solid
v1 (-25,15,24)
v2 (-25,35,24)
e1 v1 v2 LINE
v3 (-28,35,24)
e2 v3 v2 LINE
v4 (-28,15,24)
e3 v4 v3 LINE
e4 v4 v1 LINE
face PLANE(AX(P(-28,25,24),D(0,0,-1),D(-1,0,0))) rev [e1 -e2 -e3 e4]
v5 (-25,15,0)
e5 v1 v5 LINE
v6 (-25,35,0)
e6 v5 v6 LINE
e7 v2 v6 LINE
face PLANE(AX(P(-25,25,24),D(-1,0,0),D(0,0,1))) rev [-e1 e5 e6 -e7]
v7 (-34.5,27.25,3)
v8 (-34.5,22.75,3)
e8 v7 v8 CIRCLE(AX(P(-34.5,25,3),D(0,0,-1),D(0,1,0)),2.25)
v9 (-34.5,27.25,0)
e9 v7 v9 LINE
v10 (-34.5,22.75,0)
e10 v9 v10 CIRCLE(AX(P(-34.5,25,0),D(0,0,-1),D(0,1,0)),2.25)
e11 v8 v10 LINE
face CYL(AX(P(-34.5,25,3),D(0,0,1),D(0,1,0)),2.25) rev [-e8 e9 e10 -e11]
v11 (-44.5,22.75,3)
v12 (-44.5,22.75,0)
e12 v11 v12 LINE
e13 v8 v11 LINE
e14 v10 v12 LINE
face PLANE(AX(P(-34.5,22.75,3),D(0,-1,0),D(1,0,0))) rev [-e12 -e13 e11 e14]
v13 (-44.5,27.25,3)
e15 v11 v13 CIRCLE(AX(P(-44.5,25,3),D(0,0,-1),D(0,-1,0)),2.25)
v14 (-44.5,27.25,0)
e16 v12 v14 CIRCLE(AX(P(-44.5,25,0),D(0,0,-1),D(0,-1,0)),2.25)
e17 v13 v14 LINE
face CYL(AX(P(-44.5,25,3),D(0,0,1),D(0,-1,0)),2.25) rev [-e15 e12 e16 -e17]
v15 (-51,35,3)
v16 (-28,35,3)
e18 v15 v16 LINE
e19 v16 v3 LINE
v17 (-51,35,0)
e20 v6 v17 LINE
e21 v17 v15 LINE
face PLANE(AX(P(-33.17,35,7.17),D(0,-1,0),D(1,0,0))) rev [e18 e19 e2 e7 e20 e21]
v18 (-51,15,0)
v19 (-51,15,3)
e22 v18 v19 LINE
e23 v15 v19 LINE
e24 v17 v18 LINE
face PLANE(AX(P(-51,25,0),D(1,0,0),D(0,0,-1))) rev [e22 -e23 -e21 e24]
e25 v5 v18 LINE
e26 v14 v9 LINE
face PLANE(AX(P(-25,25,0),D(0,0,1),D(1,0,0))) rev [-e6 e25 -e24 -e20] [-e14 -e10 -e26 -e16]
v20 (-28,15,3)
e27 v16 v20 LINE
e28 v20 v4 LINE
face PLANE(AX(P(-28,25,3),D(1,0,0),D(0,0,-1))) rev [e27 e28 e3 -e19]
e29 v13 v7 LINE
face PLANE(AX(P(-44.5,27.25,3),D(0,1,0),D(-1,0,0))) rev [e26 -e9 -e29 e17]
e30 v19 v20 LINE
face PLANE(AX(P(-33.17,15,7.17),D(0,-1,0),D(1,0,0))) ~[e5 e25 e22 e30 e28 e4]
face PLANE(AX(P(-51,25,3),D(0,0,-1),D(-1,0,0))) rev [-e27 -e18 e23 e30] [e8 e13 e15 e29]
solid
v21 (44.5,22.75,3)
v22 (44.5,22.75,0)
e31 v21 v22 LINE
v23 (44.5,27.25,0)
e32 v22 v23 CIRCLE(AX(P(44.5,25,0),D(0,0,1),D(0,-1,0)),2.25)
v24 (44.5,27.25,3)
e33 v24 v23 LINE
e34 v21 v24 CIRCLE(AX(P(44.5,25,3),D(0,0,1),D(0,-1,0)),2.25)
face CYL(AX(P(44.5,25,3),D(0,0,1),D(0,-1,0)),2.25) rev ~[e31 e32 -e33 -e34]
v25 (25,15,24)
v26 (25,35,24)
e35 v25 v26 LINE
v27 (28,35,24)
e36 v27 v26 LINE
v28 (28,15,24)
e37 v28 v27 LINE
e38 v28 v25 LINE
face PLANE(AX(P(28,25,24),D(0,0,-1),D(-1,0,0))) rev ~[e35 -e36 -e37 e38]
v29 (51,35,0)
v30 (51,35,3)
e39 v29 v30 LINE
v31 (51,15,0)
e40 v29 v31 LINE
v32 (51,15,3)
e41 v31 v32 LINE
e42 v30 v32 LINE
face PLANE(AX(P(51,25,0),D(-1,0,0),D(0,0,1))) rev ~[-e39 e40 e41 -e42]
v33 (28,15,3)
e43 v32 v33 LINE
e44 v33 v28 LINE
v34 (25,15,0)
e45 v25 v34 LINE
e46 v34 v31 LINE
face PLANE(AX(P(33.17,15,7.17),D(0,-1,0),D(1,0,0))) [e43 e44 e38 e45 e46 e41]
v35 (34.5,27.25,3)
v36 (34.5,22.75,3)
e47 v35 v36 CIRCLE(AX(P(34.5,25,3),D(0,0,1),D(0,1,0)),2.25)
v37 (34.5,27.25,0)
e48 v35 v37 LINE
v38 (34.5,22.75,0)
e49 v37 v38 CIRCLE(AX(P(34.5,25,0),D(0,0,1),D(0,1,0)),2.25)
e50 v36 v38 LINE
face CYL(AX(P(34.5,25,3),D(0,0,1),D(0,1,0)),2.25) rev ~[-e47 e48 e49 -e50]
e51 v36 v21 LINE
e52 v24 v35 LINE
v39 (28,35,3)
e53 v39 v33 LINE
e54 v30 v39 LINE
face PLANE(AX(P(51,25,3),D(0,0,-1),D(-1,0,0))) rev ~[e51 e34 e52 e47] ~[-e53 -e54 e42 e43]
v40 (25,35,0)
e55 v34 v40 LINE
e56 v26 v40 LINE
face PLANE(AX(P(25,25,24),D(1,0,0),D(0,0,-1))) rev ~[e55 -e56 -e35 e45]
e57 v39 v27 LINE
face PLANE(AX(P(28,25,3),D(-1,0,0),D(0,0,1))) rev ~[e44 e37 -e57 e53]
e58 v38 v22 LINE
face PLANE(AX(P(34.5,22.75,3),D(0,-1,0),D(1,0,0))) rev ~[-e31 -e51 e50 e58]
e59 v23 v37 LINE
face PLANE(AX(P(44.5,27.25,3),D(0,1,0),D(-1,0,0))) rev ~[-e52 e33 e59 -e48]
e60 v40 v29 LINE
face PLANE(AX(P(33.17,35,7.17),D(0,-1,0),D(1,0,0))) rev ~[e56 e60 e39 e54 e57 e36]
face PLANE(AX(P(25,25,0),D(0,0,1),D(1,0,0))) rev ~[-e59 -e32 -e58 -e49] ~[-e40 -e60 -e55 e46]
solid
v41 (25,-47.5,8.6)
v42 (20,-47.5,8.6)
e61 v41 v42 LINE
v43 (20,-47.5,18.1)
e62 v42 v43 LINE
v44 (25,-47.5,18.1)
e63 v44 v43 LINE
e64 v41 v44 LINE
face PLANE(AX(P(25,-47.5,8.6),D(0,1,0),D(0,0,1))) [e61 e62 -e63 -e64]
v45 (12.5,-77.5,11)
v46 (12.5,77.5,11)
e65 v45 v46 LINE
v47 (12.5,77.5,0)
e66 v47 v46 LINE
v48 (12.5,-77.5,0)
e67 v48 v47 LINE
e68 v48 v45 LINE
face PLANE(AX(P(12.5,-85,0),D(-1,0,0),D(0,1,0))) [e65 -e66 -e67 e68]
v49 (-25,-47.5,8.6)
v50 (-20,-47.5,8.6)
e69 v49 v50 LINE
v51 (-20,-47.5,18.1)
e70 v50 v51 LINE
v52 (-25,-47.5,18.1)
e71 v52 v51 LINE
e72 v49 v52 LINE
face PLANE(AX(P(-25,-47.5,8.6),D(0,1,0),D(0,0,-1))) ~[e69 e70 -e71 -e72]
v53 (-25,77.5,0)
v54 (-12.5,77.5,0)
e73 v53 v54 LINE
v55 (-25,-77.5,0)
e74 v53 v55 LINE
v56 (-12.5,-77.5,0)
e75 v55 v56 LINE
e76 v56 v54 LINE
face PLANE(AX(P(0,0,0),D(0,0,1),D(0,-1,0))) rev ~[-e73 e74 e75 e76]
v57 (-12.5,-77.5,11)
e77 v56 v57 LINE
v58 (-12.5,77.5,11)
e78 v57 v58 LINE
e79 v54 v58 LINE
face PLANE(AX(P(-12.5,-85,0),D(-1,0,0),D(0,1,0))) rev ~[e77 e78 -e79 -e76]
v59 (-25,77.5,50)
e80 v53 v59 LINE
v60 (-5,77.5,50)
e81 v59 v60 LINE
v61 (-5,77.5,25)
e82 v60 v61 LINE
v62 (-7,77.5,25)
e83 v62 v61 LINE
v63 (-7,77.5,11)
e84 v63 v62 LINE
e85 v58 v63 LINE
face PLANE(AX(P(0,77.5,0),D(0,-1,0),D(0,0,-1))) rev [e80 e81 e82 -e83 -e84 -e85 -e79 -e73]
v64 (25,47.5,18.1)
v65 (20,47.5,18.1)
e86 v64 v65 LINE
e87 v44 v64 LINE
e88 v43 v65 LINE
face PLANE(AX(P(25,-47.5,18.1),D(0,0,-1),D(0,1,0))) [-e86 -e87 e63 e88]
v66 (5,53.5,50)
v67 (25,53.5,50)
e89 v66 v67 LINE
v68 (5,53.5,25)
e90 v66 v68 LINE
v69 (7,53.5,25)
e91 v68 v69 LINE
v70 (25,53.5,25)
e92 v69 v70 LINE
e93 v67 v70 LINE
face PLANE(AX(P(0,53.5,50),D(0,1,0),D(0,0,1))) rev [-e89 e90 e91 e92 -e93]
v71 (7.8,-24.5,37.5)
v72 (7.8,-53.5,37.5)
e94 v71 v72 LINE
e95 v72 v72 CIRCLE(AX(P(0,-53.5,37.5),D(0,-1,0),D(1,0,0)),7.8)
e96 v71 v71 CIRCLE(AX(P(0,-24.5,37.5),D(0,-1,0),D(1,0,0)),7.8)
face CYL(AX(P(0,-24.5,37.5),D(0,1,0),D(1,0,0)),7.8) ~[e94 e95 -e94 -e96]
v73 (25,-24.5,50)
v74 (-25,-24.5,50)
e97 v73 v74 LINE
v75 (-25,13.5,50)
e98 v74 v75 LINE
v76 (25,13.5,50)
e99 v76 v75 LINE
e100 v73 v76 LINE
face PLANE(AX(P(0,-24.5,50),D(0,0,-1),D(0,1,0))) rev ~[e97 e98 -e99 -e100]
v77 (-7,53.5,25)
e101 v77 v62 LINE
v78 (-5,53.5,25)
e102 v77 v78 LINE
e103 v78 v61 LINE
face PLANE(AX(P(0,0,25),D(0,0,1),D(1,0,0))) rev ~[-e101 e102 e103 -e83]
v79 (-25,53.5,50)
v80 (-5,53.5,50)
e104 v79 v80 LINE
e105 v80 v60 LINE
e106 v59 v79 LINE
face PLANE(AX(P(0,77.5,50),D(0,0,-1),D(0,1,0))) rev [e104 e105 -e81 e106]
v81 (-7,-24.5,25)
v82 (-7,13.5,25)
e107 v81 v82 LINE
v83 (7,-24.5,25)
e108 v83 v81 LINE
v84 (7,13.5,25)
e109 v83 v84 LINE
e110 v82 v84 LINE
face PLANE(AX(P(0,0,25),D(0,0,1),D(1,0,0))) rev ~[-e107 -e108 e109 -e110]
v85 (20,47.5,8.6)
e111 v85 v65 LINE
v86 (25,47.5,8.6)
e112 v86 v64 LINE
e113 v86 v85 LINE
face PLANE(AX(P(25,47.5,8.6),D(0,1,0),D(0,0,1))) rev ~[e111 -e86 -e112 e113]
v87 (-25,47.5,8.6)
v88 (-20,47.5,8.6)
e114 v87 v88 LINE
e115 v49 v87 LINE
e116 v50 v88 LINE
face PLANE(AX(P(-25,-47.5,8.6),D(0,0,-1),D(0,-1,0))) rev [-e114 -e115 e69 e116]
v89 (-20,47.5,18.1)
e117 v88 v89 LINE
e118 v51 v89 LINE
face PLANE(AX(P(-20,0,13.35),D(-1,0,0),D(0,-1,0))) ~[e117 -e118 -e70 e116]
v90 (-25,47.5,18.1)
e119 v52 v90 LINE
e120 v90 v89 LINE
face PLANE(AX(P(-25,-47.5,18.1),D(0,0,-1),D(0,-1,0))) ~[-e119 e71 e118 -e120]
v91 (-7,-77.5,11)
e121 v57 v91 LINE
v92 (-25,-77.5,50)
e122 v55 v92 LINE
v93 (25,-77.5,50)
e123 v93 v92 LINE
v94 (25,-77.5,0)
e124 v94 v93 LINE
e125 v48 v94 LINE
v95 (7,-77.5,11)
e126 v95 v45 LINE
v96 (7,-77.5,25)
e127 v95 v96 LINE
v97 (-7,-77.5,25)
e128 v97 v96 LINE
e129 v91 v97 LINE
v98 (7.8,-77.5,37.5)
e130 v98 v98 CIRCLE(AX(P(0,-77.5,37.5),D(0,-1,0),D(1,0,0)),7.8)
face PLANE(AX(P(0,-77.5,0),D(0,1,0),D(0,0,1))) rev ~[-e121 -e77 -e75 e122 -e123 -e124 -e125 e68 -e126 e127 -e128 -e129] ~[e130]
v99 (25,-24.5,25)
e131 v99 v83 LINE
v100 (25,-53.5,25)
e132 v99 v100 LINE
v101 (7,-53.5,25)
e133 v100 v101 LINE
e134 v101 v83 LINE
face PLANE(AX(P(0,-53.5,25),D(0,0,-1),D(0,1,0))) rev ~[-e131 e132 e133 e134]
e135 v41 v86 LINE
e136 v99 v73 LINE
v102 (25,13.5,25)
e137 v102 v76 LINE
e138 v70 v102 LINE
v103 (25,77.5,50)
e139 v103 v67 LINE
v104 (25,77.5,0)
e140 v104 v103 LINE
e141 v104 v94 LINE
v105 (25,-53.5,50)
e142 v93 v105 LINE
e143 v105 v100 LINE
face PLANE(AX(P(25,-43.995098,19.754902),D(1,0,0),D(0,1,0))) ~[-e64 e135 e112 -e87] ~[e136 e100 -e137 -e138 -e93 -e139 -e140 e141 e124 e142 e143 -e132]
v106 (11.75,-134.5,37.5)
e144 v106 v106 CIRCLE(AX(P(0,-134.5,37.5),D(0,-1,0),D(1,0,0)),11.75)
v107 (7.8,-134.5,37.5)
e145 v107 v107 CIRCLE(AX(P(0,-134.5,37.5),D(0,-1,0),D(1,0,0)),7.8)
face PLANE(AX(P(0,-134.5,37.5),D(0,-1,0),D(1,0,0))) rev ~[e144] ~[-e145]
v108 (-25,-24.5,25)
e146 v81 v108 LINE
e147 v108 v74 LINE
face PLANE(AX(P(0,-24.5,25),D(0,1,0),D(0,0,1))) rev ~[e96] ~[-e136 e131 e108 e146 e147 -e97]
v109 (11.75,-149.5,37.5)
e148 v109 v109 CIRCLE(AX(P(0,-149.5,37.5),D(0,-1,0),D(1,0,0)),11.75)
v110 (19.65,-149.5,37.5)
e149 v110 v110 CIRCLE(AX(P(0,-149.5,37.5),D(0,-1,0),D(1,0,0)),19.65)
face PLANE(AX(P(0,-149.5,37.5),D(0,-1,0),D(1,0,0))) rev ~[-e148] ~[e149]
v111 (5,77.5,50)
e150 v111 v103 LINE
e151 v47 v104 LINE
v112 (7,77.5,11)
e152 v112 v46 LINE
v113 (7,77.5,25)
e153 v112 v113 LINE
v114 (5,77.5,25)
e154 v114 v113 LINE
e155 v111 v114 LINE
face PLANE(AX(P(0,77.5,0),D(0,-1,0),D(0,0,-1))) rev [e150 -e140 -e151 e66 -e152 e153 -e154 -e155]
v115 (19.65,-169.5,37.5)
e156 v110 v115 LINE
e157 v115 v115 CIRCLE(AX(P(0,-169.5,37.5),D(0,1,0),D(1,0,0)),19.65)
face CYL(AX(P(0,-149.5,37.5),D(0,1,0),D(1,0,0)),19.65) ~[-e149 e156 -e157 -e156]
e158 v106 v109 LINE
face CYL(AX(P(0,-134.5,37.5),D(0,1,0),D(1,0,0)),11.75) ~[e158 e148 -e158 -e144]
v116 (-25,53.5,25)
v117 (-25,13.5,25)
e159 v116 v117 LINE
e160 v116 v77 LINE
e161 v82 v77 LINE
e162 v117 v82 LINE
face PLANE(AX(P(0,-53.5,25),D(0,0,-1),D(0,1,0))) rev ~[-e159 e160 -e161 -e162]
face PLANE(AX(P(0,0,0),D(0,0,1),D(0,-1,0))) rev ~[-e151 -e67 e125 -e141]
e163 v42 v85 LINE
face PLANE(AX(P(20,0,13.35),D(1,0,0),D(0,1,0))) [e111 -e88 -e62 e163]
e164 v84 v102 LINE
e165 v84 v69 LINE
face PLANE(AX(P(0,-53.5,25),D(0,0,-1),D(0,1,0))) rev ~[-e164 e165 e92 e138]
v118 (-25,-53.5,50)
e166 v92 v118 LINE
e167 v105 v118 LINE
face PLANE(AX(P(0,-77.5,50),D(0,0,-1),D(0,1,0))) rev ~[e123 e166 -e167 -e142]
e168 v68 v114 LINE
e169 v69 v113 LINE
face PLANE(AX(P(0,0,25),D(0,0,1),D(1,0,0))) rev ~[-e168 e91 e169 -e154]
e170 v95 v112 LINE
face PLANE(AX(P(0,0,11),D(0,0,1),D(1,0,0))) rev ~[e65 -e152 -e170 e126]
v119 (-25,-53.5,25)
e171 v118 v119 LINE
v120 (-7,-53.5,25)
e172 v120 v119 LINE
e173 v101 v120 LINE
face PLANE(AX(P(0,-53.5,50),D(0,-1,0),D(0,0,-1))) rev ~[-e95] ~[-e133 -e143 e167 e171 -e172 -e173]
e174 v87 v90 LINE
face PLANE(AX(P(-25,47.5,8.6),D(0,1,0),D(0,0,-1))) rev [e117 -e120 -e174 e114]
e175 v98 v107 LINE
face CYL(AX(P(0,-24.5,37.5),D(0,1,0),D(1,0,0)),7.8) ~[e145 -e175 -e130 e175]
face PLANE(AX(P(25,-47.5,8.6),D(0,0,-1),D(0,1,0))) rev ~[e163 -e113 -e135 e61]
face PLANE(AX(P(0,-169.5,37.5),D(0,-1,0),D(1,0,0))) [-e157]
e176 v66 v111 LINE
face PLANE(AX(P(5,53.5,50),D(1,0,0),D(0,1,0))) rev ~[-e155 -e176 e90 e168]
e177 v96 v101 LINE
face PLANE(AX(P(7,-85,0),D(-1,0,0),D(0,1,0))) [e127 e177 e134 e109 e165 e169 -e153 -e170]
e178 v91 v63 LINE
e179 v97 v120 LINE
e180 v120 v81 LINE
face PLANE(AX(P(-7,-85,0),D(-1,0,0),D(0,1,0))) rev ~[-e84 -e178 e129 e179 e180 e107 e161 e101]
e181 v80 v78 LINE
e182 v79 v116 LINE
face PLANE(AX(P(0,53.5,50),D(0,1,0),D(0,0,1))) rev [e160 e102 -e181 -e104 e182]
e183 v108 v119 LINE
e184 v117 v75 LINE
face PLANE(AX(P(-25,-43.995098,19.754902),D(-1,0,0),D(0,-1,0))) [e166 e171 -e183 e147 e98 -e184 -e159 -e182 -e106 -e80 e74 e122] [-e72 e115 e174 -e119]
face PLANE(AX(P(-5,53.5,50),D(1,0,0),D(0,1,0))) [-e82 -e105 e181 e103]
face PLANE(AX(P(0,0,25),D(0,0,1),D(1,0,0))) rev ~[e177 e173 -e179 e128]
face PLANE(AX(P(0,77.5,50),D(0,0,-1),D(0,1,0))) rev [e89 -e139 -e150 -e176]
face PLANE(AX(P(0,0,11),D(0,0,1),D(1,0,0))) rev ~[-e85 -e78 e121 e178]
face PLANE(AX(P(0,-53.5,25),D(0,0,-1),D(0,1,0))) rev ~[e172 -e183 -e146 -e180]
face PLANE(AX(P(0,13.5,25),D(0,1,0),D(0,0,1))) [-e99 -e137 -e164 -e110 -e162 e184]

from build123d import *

# Parameters (mm, degrees)
F1_DEPTH       = 25
F3_W           = 38
F3_H           = 25
F4_DEPTH       = 25
F4_DEPTH_BACK  = 25
F5_R           = 7.8
F6_DEPTH       = 110
F7_R           = 11.75
F8_DEPTH       = 15
F9_R           = 19.65
F10_DEPTH      = 20
F11_W          = 95
F11_H          = 9.5
F12_DEPTH      = 5
F14_W          = 14
F14_H          = 170
F15_DEPTH      = 25
F16_W          = 25
F16_H          = 170
F17_DEPTH      = 11
F18_W          = 10
F18_H          = 24
F19_DEPTH      = 26
F23_DEPTH      = 10
F23_DEPTH_BACK = 10
F25_DEPTH      = 3


with BuildPart() as f1:
    # F0 (on Right) → F1 (new body)
    with BuildSketch(Plane.YZ):
        Polygon((0, 25), (0, 0), (77.5, 0), (77.5, 50), (53.5, 50), (53.5, 25), align=None)
    extrude(amount=F1_DEPTH)

    # F2: F1 across plane


with BuildPart() as f1_1:
    add(f1.part)
    add(f1.part.mirror(Plane.XZ))

    # F3 (on Right) → F4 (join, two sides)
    with BuildSketch(Plane.YZ) as f4_sk:
        with Locations((-5.5, 37.5)):
            Rectangle(F3_W, F3_H)
    extrude(amount=F4_DEPTH)
    extrude(f4_sk.sketch, amount=-F4_DEPTH_BACK)

    # F5 (on face) → F6 (join)
    with BuildSketch(Plane.XZ.offset(24.5)):
        with Locations((0, 37.5)):
            Circle(F5_R)
    extrude(amount=F6_DEPTH)

    # F7 (on face) → F8 (join)
    with BuildSketch(Plane.XZ.offset(134.5)):
        with Locations((0, 37.5)):
            Circle(F7_R)
    extrude(amount=F8_DEPTH)

    # F9 (on face) → F10 (join)
    with BuildSketch(Plane.XZ.offset(149.5)):
        with Locations((0, 37.5)):
            Circle(F9_R)
    extrude(amount=F10_DEPTH)

    # F11 (on face) → F12 (cut)
    with BuildSketch(Plane.YZ.offset(25)):
        with Locations((0, 13.35)):
            Rectangle(F11_W, F11_H)
    extrude(amount=-F12_DEPTH, mode=Mode.SUBTRACT)

    # F13: F1 across plane


with BuildPart() as f1_2:
    add(f1_1.part)
    add(f1_1.part.mirror(Plane.YZ))

    # F14 (on Top) → F15 (cut, through all)
    with BuildSketch(Plane.XY):
        Rectangle(F14_W, F14_H)
    extrude(amount=F15_DEPTH, mode=Mode.SUBTRACT)

    # F16 (on Top) → F17 (cut)
    with BuildSketch(Plane.XY):
        Rectangle(F16_W, F16_H)
    extrude(amount=F17_DEPTH, mode=Mode.SUBTRACT)

    # F18 (on face) → F19 (cut)
    with BuildSketch(Plane.XY.offset(50)):
        with Locations((0, 65.5)):
            Rectangle(F18_W, F18_H)
    extrude(amount=-F19_DEPTH, mode=Mode.SUBTRACT)


with BuildPart() as f23:
    # F22 (on offset) → F23 (new body, two sides)
    with BuildSketch(Plane.XZ.offset(-25)) as f23_sk:
        Polygon((25, 0), (51, 0), (51, 3), (28, 3), (28, 24), (25, 24), align=None)
    extrude(amount=-F23_DEPTH)
    extrude(f23_sk.sketch, amount=F23_DEPTH_BACK)

    # F24 (on face) → F25 (cut, through all)
    with BuildSketch(Plane.XY.offset(3)):
        with BuildLine():
            ThreePointArc((34.5, 27.25), (32.25, 25), (34.5, 22.75))
            Line((34.5, 22.75), (44.5, 22.75))
            ThreePointArc((44.5, 22.75), (46.75, 25), (44.5, 27.25))
            Line((44.5, 27.25), (34.5, 27.25))
        make_face()
    extrude(amount=-F25_DEPTH, mode=Mode.SUBTRACT)


with BuildPart() as f26_1:
    # F26: instance of F23
    add(f23.part.mirror(Plane.YZ))


solid = Compound([f1_2.part, f23.part, f26_1.part])
